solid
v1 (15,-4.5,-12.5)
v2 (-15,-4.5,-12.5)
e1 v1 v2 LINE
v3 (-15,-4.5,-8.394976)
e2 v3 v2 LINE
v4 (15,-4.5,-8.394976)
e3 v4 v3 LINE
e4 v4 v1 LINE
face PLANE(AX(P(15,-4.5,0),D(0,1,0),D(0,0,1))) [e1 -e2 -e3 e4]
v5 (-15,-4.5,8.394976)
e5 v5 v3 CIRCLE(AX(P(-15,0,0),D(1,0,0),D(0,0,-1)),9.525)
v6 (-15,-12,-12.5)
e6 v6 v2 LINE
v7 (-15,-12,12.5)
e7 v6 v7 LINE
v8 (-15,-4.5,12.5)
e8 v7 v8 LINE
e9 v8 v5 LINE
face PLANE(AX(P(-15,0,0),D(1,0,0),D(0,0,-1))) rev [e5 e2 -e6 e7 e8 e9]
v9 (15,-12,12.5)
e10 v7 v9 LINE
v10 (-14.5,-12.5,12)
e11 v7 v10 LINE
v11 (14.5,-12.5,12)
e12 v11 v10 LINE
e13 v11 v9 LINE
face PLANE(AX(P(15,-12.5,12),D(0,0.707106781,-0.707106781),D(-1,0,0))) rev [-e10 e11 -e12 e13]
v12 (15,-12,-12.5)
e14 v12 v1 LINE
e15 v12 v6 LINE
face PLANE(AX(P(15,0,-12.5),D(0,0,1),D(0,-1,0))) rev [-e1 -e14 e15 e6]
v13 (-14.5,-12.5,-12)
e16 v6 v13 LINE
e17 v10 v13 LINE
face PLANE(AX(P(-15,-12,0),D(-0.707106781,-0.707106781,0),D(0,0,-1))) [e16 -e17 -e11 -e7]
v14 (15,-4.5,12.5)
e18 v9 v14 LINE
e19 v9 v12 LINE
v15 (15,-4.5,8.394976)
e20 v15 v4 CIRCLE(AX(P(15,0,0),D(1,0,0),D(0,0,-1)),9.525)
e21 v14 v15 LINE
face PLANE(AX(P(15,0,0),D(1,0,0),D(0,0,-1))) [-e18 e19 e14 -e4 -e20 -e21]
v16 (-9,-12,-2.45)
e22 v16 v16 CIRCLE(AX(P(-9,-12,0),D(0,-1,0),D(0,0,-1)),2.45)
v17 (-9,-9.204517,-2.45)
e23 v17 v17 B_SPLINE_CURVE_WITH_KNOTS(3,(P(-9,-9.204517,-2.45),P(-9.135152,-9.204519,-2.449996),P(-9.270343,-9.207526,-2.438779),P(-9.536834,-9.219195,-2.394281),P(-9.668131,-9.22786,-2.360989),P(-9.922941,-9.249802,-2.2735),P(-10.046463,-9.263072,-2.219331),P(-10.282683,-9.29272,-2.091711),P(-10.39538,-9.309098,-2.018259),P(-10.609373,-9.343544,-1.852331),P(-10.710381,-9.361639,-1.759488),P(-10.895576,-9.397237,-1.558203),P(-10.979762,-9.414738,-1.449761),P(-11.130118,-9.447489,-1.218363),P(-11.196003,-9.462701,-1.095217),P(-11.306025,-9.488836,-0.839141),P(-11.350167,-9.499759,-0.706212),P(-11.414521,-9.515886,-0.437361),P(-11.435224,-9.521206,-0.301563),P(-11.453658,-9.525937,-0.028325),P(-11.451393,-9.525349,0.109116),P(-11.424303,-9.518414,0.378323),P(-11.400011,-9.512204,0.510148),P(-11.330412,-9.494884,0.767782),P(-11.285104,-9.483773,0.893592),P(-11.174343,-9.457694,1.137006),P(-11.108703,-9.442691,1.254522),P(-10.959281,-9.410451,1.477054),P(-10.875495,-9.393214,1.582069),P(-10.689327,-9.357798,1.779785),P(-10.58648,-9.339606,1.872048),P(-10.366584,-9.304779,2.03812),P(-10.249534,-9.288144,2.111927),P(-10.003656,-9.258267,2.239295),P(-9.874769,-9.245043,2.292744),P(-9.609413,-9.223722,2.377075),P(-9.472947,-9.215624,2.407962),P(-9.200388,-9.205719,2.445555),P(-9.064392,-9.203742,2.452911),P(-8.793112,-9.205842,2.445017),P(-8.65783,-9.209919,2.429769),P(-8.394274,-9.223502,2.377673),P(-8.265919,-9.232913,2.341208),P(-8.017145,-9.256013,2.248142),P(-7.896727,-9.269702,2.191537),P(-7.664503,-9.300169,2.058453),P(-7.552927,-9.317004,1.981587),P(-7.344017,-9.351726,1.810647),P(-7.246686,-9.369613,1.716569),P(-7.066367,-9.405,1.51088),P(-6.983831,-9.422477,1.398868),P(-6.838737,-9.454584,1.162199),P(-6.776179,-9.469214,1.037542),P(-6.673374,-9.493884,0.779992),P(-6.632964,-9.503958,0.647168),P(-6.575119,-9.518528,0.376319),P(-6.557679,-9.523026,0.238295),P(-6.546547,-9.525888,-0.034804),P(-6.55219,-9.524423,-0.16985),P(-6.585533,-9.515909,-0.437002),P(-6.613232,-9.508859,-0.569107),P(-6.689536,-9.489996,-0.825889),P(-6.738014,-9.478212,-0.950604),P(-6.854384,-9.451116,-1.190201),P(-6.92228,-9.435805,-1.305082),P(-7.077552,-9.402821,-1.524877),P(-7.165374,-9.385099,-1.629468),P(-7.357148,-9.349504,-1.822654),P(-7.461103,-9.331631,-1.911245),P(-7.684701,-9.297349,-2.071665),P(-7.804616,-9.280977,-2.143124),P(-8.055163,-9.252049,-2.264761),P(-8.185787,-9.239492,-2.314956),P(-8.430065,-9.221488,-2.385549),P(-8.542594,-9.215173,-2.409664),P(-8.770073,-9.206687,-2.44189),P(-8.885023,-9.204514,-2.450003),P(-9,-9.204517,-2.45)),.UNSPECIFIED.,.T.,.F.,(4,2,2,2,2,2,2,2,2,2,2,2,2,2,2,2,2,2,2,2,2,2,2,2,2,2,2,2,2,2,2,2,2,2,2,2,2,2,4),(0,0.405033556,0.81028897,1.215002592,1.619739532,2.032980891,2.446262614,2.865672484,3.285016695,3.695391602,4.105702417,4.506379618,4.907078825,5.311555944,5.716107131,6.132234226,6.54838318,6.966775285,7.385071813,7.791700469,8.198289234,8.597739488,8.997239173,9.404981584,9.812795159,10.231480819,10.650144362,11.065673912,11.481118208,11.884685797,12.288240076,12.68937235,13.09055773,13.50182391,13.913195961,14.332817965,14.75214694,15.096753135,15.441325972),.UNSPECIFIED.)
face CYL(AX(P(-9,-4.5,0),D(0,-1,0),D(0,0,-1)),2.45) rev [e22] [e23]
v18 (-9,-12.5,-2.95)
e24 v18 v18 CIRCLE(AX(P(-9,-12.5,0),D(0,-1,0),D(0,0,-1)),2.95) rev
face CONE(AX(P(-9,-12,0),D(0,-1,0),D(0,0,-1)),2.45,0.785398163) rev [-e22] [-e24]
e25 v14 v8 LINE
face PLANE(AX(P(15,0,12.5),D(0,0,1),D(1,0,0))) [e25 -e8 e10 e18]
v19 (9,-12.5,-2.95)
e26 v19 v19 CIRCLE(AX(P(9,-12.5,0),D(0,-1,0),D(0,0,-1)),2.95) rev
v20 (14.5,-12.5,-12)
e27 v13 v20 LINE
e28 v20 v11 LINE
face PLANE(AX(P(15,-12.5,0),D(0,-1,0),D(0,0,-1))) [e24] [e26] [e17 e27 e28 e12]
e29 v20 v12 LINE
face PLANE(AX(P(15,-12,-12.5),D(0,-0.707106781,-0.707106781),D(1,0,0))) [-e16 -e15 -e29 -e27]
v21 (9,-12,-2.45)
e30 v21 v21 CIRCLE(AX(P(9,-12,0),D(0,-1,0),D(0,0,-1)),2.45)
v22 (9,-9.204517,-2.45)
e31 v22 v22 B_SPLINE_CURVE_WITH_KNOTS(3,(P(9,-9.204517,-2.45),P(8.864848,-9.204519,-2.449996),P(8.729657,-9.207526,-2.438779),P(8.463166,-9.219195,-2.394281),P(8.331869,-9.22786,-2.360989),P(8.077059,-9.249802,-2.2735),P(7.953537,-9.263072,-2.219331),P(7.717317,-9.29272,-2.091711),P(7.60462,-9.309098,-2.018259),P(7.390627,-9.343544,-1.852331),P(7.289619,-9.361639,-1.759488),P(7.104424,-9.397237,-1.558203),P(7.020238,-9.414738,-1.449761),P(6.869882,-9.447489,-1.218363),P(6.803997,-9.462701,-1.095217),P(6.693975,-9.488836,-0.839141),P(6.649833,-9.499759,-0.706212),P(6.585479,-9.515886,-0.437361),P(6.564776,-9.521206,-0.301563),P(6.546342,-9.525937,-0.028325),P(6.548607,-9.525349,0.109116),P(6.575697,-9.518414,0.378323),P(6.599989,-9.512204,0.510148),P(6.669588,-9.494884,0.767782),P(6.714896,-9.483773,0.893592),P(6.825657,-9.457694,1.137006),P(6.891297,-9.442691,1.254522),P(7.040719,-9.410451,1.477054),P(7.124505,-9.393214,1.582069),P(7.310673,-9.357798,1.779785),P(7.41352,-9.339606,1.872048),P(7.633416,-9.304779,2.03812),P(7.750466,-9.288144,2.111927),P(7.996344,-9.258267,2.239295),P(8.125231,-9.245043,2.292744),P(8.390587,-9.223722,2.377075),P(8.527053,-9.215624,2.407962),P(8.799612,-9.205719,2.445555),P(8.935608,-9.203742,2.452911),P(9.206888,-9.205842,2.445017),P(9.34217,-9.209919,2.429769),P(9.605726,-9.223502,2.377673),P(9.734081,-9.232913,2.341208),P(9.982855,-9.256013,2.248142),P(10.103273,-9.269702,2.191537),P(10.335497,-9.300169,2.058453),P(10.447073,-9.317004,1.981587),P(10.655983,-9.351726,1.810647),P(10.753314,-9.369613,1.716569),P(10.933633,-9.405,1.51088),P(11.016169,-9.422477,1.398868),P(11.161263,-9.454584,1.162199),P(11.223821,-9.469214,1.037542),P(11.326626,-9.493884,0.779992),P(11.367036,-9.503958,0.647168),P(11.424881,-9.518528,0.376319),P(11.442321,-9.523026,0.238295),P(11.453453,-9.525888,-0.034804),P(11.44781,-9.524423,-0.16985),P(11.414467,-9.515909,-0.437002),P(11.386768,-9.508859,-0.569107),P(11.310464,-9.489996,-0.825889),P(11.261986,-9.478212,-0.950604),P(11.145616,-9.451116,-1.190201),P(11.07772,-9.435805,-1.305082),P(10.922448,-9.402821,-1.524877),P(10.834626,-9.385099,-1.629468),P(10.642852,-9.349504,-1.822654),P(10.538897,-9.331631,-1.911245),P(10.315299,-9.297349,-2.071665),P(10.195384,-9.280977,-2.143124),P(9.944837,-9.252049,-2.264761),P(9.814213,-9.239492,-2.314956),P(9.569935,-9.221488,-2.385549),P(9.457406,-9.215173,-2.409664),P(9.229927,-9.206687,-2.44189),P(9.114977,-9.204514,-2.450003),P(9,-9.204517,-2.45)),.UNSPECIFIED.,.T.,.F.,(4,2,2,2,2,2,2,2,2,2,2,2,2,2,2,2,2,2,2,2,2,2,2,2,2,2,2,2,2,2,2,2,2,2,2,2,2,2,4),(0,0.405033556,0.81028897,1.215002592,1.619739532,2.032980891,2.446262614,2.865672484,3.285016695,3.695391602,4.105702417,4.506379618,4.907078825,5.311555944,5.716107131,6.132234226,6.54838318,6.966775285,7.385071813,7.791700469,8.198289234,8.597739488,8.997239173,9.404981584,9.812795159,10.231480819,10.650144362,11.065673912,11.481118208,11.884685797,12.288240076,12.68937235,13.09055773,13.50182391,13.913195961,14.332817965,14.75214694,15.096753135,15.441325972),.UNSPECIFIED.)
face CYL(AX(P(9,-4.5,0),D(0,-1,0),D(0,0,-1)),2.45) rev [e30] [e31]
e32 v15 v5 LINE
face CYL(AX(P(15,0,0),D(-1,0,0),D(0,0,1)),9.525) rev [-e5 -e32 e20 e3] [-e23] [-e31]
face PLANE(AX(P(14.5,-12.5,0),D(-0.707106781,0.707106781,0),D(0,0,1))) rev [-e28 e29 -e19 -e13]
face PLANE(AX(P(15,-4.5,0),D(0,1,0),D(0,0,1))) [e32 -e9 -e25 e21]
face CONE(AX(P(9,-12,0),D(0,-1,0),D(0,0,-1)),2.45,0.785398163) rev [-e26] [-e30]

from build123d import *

# Parameters (mm, degrees)
BOSS_EXTRUDE1_DEPTH     = 15
CUT_EXTRUDE1_DEPTH      = 22.100947846
CUT_EXTRUDE1_DEPTH_BACK = 22.100947846
SKETCH2_R               = 2.45
CHAMFER1_SIZE           = 0.5


with BuildPart() as part:
    # Sketch1 → Boss-Extrude1 (new, symmetric)
    with BuildSketch(Plane(origin=(0, 0, 0), x_dir=(0, 0, -1), z_dir=(1, 0, 0))):
        with BuildLine():
            Line((-8.394976176, -4.5), (-12.5, -4.5))
            Line((-12.5, -4.5), (-12.5, -12.5))
            Line((-12.5, -12.5), (12.5, -12.5))
            Line((12.5, -12.5), (12.5, -4.5))
            Line((12.5, -4.5), (8.394976176, -4.5))
            ThreePointArc((8.394976176, -4.5), (0, -9.525), (-8.394976176, -4.5))
        make_face()
    extrude(amount=BOSS_EXTRUDE1_DEPTH, both=True)

    # Sketch2 → Cut-Extrude1 (cut, two sides: drawn at the far end of the back side and taken through both)
    with BuildSketch(Plane.XZ.offset(12.5).offset(-CUT_EXTRUDE1_DEPTH_BACK)):
        with Locations(Location((9, 0, 0), (0, 0, 270))):
            Circle(SKETCH2_R)
        with Locations(Location((-9, 0, 0), (0, 0, 270))):
            Circle(SKETCH2_R)
    extrude(amount=CUT_EXTRUDE1_DEPTH + CUT_EXTRUDE1_DEPTH_BACK, mode=Mode.SUBTRACT)

    # Chamfer1
    chamfer1_edges = [part.edges().sort_by_distance(p)[0] for p in [
        (0, -12.5, -12.5),
        (0, -12.5, 12.5),
        (15, -12.5, 0),
        (-9, -12.5, 2.45),
        (9, -12.5, 2.45),
        (-15, -12.5, 0),
    ]]
    chamfer(chamfer1_edges, length=CHAMFER1_SIZE)


solid = part.part
